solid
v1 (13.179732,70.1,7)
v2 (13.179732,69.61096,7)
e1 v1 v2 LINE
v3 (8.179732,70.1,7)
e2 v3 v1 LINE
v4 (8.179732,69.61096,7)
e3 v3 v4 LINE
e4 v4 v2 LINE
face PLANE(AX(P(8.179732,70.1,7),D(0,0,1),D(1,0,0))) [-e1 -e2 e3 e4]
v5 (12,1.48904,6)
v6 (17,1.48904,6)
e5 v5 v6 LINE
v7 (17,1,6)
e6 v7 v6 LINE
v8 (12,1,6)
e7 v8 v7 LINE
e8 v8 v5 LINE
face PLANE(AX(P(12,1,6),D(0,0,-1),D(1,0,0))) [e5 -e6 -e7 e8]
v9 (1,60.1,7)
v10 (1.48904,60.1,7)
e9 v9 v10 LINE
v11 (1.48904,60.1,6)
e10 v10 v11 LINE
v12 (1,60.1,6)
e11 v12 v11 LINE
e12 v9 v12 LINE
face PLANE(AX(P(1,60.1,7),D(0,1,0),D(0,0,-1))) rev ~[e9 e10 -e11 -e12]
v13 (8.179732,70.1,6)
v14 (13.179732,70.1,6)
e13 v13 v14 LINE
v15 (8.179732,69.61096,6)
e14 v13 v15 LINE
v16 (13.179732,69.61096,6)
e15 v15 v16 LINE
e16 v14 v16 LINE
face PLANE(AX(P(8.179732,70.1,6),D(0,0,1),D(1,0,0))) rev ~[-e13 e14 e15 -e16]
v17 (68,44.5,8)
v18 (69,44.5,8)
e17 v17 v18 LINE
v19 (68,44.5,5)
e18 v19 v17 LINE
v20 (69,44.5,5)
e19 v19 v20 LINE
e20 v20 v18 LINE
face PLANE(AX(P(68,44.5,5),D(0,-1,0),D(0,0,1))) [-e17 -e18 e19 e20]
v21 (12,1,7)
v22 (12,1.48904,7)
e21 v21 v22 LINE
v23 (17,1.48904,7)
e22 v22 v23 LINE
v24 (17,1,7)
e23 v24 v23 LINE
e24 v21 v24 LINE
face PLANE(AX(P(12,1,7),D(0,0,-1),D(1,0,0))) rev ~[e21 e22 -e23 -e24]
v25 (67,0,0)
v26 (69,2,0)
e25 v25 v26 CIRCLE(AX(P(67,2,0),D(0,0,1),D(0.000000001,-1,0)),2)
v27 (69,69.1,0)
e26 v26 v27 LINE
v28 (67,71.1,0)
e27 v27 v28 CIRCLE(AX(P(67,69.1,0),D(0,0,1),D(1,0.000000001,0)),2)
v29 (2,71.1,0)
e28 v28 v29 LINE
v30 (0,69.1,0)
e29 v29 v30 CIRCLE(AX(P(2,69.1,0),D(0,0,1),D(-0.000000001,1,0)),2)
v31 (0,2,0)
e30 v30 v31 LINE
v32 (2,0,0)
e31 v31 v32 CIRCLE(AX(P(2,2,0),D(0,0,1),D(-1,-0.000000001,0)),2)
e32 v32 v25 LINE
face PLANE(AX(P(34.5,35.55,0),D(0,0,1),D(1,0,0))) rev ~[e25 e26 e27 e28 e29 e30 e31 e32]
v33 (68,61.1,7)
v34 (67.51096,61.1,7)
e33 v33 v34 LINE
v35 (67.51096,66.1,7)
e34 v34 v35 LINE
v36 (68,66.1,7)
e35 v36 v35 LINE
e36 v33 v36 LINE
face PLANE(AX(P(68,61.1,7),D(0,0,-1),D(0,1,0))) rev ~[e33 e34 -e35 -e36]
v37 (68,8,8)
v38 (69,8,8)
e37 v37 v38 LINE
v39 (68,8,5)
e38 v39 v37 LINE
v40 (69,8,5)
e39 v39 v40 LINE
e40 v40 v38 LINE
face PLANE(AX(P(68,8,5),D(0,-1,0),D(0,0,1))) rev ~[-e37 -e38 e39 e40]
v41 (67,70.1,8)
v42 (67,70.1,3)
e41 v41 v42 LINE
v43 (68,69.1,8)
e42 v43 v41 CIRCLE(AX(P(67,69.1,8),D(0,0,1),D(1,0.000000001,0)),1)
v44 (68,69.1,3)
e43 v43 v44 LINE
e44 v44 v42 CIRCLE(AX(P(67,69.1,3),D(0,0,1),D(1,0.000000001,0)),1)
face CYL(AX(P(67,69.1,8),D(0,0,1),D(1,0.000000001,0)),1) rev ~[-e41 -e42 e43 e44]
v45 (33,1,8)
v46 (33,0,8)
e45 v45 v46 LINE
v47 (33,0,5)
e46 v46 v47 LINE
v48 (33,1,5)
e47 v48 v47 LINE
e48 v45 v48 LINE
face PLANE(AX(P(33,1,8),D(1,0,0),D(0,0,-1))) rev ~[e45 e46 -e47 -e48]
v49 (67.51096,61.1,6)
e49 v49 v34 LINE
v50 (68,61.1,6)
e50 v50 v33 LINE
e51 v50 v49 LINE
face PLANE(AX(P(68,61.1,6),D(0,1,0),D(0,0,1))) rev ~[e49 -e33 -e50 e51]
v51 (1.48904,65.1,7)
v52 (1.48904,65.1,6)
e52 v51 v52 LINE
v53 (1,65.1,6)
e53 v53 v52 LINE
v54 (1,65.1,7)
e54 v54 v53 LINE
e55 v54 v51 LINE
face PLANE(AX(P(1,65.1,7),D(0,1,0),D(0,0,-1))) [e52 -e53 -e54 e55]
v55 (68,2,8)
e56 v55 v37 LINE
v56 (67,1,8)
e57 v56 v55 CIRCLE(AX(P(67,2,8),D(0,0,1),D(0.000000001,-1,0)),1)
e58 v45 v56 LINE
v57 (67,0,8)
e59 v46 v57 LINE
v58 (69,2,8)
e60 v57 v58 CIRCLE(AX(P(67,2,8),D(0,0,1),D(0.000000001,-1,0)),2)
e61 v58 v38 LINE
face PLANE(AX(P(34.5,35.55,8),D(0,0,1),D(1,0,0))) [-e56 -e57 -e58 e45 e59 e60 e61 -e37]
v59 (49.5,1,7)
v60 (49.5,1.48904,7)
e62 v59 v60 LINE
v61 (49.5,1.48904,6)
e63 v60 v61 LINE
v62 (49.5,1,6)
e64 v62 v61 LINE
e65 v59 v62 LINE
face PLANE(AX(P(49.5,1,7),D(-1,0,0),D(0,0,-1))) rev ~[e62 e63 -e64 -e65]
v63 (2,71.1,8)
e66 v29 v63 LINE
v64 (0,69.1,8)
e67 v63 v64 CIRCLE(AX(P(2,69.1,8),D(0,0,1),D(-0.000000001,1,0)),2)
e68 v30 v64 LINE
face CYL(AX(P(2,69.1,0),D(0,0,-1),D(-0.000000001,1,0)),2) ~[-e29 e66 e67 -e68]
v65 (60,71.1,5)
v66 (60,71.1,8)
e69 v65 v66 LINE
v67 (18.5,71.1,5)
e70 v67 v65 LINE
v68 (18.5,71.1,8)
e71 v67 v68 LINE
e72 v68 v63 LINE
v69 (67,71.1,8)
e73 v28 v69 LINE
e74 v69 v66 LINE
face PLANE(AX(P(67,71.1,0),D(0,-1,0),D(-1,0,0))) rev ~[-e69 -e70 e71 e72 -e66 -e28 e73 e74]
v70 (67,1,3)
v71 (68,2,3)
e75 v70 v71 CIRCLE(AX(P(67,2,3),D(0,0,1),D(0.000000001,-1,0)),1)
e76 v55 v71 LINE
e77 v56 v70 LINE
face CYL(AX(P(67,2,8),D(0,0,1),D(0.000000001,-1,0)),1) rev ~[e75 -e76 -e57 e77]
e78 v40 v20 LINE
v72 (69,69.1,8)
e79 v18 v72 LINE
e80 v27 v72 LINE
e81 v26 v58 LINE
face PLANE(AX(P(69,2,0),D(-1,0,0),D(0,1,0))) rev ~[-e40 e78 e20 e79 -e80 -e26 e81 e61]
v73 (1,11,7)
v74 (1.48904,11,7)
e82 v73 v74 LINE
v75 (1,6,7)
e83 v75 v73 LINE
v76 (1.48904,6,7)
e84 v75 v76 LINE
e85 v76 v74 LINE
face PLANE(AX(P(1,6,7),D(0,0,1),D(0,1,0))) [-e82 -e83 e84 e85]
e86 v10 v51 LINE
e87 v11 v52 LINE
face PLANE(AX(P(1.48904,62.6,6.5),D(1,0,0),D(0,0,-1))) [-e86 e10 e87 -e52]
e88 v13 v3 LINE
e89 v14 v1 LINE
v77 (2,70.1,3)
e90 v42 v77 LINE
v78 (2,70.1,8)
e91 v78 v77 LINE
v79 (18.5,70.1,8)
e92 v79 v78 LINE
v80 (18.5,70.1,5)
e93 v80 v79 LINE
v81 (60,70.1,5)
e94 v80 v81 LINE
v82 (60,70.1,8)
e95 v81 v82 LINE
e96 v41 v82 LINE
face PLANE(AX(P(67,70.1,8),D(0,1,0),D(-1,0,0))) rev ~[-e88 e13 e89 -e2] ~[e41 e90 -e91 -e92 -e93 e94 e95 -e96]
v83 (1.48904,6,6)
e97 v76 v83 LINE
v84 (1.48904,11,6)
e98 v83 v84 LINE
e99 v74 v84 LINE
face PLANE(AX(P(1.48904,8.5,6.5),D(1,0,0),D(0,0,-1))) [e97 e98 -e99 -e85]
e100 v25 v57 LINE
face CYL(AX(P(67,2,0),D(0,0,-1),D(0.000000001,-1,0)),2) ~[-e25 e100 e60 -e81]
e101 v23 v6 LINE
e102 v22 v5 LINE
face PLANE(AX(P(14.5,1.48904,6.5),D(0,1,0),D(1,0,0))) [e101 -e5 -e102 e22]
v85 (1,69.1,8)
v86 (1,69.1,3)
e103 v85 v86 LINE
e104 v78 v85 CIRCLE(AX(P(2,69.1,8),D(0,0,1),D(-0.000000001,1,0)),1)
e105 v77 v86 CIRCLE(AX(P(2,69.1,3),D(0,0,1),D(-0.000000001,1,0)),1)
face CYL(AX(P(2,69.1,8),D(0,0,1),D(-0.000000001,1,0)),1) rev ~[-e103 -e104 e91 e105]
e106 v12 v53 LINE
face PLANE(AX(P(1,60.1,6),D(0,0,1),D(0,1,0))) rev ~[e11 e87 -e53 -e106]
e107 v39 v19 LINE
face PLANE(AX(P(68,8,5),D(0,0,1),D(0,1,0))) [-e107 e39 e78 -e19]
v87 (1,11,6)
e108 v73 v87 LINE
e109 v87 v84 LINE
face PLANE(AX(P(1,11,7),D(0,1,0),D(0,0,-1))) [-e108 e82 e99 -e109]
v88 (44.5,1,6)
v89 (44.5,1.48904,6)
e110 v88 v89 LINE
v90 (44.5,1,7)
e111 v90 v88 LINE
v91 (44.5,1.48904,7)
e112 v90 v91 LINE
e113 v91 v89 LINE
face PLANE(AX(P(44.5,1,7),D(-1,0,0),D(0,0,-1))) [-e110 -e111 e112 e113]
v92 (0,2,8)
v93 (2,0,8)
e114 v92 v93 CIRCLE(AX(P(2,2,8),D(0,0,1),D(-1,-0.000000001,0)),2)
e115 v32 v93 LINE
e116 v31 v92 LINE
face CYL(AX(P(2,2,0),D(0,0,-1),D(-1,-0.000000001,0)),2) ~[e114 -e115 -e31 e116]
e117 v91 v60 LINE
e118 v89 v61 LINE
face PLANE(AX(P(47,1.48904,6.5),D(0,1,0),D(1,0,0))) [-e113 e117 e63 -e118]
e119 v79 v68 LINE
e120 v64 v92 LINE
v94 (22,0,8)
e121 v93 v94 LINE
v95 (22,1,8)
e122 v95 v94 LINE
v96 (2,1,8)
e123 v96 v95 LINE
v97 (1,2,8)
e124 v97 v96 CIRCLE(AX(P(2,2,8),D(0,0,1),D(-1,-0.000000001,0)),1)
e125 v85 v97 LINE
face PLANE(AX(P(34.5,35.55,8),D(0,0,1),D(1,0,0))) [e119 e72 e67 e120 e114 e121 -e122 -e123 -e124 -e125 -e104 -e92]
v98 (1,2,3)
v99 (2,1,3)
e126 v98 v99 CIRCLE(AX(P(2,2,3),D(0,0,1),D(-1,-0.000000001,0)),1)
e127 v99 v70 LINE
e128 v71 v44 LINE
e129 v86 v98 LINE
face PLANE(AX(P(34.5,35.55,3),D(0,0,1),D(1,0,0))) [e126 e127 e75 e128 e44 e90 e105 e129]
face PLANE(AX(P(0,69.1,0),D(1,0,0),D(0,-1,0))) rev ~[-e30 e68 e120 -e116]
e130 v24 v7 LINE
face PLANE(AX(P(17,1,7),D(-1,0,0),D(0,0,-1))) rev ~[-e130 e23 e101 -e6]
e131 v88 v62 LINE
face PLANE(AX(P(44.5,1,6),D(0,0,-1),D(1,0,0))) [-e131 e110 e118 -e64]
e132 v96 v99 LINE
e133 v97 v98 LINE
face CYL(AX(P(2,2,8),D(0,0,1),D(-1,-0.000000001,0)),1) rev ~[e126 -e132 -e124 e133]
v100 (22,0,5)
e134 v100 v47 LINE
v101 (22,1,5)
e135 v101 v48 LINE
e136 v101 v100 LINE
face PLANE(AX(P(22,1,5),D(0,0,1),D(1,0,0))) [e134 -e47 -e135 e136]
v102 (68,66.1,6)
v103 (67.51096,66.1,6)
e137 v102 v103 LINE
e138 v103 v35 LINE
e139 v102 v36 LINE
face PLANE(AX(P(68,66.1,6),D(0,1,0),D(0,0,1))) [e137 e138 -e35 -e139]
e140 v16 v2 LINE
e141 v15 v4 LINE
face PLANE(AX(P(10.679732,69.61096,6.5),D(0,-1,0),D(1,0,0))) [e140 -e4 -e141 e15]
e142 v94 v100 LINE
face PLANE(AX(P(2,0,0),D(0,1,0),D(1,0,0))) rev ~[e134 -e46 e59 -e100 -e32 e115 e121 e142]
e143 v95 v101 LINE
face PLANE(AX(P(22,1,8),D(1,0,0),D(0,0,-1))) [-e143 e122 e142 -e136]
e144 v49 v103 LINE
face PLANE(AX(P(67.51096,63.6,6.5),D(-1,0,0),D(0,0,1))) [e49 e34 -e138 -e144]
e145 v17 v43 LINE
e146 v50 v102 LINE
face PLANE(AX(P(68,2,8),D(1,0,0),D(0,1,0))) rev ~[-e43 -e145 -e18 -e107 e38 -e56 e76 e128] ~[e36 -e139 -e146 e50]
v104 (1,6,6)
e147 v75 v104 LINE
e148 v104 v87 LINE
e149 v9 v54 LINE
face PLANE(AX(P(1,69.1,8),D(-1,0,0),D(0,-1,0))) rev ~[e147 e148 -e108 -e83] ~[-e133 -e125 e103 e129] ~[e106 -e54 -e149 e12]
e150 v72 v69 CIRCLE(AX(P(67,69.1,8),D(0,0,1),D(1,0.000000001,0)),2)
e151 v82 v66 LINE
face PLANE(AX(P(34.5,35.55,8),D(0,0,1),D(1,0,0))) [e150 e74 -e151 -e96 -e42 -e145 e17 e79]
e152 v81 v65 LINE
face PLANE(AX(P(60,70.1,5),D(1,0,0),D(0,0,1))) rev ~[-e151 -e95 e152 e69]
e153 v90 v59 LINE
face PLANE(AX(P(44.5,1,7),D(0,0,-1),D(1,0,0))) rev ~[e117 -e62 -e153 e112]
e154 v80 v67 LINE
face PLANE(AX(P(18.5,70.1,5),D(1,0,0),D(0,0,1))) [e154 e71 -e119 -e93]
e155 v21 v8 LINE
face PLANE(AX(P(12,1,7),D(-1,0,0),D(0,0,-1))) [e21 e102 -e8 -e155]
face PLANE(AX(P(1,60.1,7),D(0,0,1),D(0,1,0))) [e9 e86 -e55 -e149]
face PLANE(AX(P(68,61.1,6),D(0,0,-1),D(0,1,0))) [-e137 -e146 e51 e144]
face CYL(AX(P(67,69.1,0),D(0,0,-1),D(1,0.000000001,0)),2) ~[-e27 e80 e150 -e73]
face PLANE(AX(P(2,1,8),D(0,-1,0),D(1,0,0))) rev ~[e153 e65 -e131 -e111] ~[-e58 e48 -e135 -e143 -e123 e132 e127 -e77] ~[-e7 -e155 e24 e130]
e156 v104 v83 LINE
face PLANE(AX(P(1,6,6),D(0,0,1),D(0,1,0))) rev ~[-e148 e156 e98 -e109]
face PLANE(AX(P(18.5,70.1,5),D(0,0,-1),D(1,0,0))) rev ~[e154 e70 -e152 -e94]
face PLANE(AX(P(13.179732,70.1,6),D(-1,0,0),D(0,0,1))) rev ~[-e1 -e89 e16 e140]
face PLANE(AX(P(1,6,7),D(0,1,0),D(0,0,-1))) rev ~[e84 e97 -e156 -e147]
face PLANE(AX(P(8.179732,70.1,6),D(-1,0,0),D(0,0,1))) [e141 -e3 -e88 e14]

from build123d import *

# Parameters (mm, degrees)
BOSS_EXTRU_1_DEPTH      = 8
ENL_V_MAT_EXTRU_1_DEPTH = 5
ESQUISSE4_W             = 5
ESQUISSE4_H             = 1
BOSS_EXTRU_3_DEPTH      = 0.48904
ESQUISSE5_W             = 1
ESQUISSE5_H             = 5
BOSS_EXTRU_4_DEPTH      = 0.48904
ESQUISSE6_W             = 1
ESQUISSE6_H             = 5
BOSS_EXTRU_5_DEPTH      = 0.48904
ESQUISSE7_W             = 1
ESQUISSE7_H             = 5
BOSS_EXTRU_6_DEPTH      = 0.48904
ESQUISSE8_W             = 5
ESQUISSE8_H             = 1
BOSS_EXTRU_7_DEPTH      = 0.48904
ESQUISSE9_W             = 5
ESQUISSE9_H             = 1
BOSS_EXTRU_8_DEPTH      = 0.48904
ESQUISSE10_W            = 3
ESQUISSE10_H            = 36.5
ENL_V_MAT_EXTRU_3_DEPTH = 99.707699801
ESQUISSE11_W            = 41.5
ESQUISSE11_H            = 3
ENL_V_MAT_EXTRU_4_DEPTH = 99.686422572
ESQUISSE12_W            = 11
ESQUISSE12_H            = 3
ENL_V_MAT_EXTRU_5_DEPTH = 99.686422572


with BuildPart() as part:
    # Esquisse1 → Boss.-Extru.1 (new body)
    with BuildSketch(Plane.XY):
        with BuildLine():
            Line((2, 0), (67, 0))
            ThreePointArc((67, 0), (68.414213562, 0.585786438), (69, 2))
            Line((69, 2), (69, 69.1))
            ThreePointArc((69, 69.1), (68.414213562, 70.514213562), (67, 71.1))
            Line((67, 71.1), (2, 71.1))
            ThreePointArc((2, 71.1), (0.585786438, 70.514213562), (0, 69.1))
            Line((0, 69.1), (0, 2))
            ThreePointArc((0, 2), (0.585786438, 0.585786438), (2, 0))
        make_face()
    extrude(amount=BOSS_EXTRU_1_DEPTH)

    # Esquisse3 → Enlèv. mat.-Extru.1 (cut)
    with BuildSketch(Plane.XY.offset(8)):
        with BuildLine():
            Line((2, 1), (67, 1))
            ThreePointArc((67, 1), (67.707106781, 1.292893219), (68, 2))
            Line((68, 2), (68, 69.1))
            ThreePointArc((68, 69.1), (67.707106781, 69.807106781), (67, 70.1))
            Line((67, 70.1), (2, 70.1))
            ThreePointArc((2, 70.1), (1.292893219, 69.807106781), (1, 69.1))
            Line((1, 69.1), (1, 2))
            ThreePointArc((1, 2), (1.292893219, 1.292893219), (2, 1))
        make_face()
    extrude(amount=-ENL_V_MAT_EXTRU_1_DEPTH, mode=Mode.SUBTRACT)

    # Esquisse4 → Boss.-Extru.3 (add)
    with BuildSketch(Plane.XZ.offset(-70.1)):
        with Locations((10.679731729, 6.5)):
            Rectangle(ESQUISSE4_W, ESQUISSE4_H)
    extrude(amount=BOSS_EXTRU_3_DEPTH)

    # Esquisse5 → Boss.-Extru.4 (add)
    with BuildSketch(Plane.ZY.offset(-68)):
        with Locations((6.5, 63.6)):
            Rectangle(ESQUISSE5_W, ESQUISSE5_H)
    extrude(amount=BOSS_EXTRU_4_DEPTH)

    # Esquisse6 → Boss.-Extru.5 (add)
    with BuildSketch(Plane(origin=(1, 0, 0), x_dir=(0, 0, -1), z_dir=(1, 0, 0))):
        with Locations((-6.5, 62.6)):
            Rectangle(ESQUISSE6_W, ESQUISSE6_H)
    extrude(amount=BOSS_EXTRU_5_DEPTH)

    # Esquisse7 → Boss.-Extru.6 (add)
    with BuildSketch(Plane(origin=(1, 0, 0), x_dir=(0, 0, -1), z_dir=(1, 0, 0))):
        with Locations((-6.5, 8.5)):
            Rectangle(ESQUISSE7_W, ESQUISSE7_H)
    extrude(amount=BOSS_EXTRU_6_DEPTH)

    # Esquisse8 → Boss.-Extru.7 (add)
    with BuildSketch(Plane(origin=(0, 1, 0), x_dir=(1, 0, 0), z_dir=(0, 1, 0))):
        with Locations((14.5, -6.5)):
            Rectangle(ESQUISSE8_W, ESQUISSE8_H)
    extrude(amount=BOSS_EXTRU_7_DEPTH)

    # Esquisse9 → Boss.-Extru.8 (add)
    with BuildSketch(Plane(origin=(0, 1, 0), x_dir=(1, 0, 0), z_dir=(0, 1, 0))):
        with Locations((47, -6.5)):
            Rectangle(ESQUISSE9_W, ESQUISSE9_H)
    extrude(amount=BOSS_EXTRU_8_DEPTH)

    # Esquisse10 → Enlèv. mat.-Extru.3 (cut, through all)
    with BuildSketch(Plane.ZY.offset(-68)):
        with Locations((6.5, 26.25)):
            Rectangle(ESQUISSE10_W, ESQUISSE10_H)
    extrude(amount=-ENL_V_MAT_EXTRU_3_DEPTH, mode=Mode.SUBTRACT)

    # Esquisse11 → Enlèv. mat.-Extru.4 (cut, through all)
    with BuildSketch(Plane.XZ.offset(-70.1)):
        with Locations((39.25, 6.5)):
            Rectangle(ESQUISSE11_W, ESQUISSE11_H)
    extrude(amount=-ENL_V_MAT_EXTRU_4_DEPTH, mode=Mode.SUBTRACT)

    # Esquisse12 → Enlèv. mat.-Extru.5 (cut, through all)
    with BuildSketch(Plane(origin=(0, 1, 0), x_dir=(1, 0, 0), z_dir=(0, 1, 0))):
        with Locations((27.5, -6.5)):
            Rectangle(ESQUISSE12_W, ESQUISSE12_H)
    extrude(amount=-ENL_V_MAT_EXTRU_5_DEPTH, mode=Mode.SUBTRACT)


solid = part.part
